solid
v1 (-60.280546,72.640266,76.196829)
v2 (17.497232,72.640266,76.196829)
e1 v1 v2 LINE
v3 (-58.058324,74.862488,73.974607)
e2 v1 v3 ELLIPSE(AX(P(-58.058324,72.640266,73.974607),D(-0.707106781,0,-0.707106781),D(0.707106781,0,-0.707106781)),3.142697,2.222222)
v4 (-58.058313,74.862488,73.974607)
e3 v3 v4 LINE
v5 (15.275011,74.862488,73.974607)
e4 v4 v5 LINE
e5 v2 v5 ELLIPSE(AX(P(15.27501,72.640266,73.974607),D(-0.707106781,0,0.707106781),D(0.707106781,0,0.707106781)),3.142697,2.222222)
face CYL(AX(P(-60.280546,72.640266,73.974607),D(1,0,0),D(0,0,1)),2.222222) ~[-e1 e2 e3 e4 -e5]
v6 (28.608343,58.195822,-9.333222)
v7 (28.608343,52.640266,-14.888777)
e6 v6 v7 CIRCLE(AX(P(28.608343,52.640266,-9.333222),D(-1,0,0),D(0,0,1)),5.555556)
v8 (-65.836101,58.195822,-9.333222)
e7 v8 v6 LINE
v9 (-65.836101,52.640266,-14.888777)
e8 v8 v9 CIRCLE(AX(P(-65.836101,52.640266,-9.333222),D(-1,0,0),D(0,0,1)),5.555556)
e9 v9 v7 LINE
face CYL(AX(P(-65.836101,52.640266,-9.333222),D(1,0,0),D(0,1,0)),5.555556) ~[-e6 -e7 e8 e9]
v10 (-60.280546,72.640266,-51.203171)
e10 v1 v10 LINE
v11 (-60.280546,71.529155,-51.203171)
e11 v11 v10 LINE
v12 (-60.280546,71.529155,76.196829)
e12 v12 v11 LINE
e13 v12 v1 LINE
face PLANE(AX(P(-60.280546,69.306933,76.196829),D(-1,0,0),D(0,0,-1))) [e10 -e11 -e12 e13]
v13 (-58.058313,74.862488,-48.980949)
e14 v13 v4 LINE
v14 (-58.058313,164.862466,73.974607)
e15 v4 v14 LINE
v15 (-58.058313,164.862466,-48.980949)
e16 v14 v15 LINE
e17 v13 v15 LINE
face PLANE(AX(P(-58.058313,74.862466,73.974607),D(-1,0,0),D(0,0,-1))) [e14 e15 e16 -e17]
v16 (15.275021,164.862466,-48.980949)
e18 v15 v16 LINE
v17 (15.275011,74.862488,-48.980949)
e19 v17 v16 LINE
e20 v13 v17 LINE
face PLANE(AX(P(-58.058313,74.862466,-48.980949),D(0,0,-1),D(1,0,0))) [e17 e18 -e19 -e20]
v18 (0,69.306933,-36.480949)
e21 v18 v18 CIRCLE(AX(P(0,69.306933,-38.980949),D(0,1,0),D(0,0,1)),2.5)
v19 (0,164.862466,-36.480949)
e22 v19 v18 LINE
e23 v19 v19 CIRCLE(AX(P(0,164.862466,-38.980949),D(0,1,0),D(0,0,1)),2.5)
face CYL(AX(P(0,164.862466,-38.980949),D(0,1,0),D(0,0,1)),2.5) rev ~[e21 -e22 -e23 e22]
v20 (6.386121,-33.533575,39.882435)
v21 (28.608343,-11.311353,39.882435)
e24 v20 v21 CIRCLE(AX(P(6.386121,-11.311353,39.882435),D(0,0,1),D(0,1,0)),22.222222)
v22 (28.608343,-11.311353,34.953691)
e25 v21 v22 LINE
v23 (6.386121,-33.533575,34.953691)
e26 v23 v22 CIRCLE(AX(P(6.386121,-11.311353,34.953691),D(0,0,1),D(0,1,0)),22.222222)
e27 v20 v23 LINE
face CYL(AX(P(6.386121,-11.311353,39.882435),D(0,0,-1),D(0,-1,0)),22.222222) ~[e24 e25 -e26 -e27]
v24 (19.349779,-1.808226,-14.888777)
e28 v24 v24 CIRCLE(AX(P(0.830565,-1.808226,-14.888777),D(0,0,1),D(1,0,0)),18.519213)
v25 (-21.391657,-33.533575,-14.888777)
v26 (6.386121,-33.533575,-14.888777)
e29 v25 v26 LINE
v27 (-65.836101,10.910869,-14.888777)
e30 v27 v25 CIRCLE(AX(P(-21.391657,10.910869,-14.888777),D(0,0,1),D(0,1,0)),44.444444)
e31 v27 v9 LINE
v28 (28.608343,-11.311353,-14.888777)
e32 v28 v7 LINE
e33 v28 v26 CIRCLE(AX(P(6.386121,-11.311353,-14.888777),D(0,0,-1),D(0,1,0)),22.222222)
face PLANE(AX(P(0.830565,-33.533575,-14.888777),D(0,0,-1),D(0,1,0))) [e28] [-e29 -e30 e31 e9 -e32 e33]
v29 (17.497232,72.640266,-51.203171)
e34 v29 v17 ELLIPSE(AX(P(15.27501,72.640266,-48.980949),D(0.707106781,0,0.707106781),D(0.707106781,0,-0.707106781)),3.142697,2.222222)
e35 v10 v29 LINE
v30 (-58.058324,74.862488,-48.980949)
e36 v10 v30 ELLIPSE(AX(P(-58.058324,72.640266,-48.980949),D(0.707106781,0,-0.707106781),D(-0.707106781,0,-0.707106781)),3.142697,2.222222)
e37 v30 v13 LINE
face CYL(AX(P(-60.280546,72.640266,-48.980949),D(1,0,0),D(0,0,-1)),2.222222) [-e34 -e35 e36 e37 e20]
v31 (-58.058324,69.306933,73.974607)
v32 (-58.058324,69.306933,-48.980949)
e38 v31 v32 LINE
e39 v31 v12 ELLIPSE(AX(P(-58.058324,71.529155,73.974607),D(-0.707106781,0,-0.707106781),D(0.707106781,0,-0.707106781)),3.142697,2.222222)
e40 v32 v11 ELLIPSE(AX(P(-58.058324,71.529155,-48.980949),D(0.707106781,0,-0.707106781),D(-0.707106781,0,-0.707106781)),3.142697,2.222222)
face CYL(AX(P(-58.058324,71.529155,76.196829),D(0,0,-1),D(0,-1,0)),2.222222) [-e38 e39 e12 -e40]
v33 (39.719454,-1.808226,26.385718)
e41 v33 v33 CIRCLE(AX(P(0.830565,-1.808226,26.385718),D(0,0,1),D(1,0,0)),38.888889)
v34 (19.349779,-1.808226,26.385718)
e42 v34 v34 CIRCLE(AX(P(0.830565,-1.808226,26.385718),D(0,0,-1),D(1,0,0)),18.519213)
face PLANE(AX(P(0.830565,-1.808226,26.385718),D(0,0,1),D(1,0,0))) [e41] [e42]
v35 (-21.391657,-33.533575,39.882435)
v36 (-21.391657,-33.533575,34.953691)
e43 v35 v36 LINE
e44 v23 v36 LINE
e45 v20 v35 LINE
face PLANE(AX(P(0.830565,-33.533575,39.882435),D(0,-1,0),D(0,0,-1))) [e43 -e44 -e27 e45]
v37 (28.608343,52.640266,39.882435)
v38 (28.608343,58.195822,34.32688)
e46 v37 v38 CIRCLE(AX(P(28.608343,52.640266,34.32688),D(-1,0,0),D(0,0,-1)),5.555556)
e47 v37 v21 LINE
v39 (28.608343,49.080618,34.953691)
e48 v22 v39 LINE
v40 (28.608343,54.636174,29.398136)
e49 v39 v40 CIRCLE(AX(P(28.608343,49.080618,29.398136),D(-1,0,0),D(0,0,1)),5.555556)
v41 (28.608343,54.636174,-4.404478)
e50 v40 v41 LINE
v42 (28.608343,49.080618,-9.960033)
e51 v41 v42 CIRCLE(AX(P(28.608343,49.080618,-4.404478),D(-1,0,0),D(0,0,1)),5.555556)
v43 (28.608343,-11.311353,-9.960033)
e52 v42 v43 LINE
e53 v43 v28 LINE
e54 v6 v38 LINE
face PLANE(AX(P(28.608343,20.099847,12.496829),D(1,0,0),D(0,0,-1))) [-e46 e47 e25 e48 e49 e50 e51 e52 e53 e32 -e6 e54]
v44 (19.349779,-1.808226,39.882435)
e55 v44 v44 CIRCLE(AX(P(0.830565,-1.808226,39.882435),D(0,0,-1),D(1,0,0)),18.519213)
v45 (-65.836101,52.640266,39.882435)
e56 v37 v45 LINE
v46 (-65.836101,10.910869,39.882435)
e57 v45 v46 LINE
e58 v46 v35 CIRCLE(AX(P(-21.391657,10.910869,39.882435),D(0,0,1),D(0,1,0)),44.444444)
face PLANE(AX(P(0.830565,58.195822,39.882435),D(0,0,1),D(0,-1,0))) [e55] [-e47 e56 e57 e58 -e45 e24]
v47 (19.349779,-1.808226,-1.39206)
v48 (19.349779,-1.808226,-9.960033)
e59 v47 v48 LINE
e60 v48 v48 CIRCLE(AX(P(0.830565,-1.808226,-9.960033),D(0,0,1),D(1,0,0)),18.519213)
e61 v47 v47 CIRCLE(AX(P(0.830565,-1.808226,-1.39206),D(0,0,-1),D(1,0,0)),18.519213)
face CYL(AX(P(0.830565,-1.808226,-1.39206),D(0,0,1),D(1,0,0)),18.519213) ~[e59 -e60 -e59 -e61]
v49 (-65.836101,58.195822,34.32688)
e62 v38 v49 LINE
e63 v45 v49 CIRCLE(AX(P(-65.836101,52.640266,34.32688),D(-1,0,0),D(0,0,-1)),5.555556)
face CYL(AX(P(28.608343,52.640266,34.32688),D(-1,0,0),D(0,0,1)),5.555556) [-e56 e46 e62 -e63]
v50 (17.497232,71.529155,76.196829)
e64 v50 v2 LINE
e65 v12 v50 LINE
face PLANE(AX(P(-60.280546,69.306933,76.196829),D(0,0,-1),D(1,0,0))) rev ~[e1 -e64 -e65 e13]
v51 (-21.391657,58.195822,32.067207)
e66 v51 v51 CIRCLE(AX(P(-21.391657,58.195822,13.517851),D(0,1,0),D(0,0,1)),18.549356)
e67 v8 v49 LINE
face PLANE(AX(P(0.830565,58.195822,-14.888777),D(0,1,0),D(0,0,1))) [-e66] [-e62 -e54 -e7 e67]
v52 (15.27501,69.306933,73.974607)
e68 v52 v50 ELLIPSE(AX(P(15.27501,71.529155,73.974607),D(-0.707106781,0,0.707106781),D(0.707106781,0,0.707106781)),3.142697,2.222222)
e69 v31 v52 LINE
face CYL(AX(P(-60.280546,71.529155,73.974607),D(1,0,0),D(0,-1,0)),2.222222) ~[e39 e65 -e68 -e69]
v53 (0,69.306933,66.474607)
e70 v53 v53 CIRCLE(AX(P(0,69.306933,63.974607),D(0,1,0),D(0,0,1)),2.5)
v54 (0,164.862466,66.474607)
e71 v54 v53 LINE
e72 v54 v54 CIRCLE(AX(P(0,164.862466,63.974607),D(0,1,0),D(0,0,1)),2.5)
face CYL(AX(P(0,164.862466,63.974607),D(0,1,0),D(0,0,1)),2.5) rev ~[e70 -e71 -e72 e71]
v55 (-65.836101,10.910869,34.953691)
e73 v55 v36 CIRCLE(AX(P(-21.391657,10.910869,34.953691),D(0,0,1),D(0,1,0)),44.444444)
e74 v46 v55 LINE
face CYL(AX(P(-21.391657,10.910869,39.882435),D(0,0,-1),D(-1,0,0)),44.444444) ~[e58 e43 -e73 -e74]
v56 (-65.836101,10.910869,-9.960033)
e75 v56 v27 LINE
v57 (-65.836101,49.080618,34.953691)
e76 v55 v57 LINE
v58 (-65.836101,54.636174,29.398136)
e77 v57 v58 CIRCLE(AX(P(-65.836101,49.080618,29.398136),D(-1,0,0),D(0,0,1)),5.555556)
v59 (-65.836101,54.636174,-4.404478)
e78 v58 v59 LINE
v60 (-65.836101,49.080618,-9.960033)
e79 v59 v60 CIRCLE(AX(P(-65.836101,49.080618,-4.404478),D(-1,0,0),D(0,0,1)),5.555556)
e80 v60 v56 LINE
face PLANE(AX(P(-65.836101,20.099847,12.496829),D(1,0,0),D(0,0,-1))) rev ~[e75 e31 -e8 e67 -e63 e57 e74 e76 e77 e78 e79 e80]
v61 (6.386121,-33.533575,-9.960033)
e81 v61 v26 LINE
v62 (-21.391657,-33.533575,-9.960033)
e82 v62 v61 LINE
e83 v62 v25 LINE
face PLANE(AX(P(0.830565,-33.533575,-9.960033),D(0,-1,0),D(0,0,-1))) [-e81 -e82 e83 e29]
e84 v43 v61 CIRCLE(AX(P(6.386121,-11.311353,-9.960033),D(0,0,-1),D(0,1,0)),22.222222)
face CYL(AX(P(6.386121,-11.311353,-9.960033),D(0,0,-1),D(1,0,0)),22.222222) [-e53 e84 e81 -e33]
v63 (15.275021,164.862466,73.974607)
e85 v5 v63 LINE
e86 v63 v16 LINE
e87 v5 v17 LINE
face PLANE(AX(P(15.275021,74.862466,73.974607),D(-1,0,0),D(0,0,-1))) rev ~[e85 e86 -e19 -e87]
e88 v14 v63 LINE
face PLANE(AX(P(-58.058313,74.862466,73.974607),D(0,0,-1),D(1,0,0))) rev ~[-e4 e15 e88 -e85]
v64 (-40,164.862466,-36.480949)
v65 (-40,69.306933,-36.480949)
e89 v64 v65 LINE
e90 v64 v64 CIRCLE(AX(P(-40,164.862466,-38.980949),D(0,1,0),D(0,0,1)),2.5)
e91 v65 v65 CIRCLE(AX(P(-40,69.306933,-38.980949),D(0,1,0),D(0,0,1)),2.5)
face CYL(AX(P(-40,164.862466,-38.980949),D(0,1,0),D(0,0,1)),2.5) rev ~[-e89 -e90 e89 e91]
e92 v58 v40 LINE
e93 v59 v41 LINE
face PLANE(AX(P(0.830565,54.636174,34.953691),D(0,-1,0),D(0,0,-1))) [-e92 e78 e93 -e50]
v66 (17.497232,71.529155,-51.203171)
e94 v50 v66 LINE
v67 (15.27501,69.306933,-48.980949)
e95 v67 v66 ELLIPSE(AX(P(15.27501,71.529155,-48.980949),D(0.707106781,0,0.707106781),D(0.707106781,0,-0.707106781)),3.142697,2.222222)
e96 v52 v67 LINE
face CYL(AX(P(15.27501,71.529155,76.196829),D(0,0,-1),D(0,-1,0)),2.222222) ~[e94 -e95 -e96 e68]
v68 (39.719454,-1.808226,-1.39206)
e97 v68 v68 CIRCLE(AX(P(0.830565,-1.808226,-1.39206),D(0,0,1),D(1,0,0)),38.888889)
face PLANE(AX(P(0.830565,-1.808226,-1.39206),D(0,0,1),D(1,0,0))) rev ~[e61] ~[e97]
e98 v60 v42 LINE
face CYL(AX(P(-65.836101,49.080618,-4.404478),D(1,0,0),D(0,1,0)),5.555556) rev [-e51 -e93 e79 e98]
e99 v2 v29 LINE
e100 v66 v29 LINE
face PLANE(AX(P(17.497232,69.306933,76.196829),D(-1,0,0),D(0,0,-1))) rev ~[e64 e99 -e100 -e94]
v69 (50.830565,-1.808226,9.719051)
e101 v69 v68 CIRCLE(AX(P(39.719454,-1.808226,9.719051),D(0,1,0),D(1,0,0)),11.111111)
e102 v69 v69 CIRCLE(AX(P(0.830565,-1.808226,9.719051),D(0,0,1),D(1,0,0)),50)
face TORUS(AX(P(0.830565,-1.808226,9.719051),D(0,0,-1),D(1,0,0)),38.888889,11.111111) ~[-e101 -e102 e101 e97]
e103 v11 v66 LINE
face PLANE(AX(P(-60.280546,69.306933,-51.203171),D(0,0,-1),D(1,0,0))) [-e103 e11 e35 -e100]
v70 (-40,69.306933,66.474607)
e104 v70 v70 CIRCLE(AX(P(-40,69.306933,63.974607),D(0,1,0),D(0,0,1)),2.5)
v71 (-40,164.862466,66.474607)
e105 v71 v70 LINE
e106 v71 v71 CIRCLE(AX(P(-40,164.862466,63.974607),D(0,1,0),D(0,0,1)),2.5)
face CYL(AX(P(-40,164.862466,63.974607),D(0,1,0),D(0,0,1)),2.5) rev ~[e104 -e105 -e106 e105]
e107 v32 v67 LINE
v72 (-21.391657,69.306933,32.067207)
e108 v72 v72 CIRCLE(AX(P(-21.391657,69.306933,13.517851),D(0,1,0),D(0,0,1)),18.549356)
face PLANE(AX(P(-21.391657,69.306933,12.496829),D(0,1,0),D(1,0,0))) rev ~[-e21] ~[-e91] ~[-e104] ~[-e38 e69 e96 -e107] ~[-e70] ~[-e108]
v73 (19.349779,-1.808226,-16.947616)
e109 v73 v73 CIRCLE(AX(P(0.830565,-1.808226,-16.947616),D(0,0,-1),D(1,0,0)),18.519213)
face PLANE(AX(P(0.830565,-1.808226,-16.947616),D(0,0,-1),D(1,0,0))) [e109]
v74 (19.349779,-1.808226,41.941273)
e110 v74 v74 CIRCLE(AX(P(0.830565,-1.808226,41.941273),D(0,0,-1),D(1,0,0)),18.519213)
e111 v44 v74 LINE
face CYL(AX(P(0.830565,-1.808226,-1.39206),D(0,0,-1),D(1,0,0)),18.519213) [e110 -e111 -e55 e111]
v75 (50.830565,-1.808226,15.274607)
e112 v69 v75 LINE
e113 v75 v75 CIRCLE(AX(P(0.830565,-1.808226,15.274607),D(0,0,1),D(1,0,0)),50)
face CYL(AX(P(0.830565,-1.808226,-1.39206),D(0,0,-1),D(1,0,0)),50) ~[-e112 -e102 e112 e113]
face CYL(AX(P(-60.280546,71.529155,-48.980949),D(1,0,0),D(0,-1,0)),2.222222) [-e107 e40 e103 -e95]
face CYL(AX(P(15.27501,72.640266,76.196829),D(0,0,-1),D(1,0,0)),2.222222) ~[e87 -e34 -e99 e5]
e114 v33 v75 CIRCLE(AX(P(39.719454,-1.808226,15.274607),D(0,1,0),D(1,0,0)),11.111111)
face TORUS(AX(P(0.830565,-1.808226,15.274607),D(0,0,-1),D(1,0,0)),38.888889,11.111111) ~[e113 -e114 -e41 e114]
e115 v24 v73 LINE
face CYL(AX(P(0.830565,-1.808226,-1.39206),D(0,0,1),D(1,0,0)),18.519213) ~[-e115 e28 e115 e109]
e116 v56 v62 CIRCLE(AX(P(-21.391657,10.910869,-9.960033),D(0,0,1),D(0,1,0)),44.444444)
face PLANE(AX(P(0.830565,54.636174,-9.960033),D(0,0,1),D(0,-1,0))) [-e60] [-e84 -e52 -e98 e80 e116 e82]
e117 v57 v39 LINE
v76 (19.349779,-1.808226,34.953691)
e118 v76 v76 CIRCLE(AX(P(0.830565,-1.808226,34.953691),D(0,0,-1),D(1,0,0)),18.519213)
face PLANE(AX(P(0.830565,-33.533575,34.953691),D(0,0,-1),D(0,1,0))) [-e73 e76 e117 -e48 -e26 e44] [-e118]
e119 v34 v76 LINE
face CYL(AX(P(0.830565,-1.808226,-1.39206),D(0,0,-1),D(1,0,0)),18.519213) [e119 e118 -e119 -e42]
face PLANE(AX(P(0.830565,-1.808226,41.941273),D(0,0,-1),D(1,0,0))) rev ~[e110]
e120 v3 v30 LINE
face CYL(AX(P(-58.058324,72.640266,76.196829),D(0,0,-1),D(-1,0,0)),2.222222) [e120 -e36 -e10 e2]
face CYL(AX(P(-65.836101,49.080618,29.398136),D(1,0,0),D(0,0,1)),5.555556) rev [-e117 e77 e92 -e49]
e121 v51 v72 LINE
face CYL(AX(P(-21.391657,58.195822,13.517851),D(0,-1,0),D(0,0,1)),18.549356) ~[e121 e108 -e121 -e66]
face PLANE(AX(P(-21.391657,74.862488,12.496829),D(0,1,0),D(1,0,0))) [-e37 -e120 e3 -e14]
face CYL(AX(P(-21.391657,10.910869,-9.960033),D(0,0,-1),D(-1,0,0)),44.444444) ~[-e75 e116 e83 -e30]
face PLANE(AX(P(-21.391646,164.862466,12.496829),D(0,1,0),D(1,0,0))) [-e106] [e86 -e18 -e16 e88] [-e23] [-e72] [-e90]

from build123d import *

# Parameters (mm, degrees)
SKETCH1_R                = 45
BOSS_EXTRUDE1_DEPTH      = 25
BOSS_EXTRUDE2_DEPTH      = 25
BOSS_EXTRUDE2_DEPTH_BACK = 60
SKETCH3_R                = 16.694420179
BOSS_EXTRUDE3_DEPTH      = 10
SKETCH4_W                = 70
SKETCH4_H                = 114.66
BOSS_EXTRUDE4_DEPTH      = 5
SKETCH5_R                = 16.667292011
BOSS_EXTRUDE5_DEPTH      = 14
BOSS_EXTRUDE5_DEPTH_BACK = 39
FILLET1_R                = 10
FILLET2_R                = 40
FILLET3_R                = 20
FILLET4_R                = 5
FILLET5_R                = 2
SCALE1_SCALE             = 1.111111111
SKETCH6_W                = 73.333333333
SKETCH6_H                = 122.955555555
BOSS_EXTRUDE6_DEPTH      = 90
SKETCH7_R                = 2.5
CUT_EXTRUDE1_DEPTH       = 239.92789275
CUT_EXTRUDE1_DEPTH_BACK  = 239.92789275


with BuildPart() as part:
    # Sketch1 → Boss-Extrude1 (new body)
    with BuildSketch(Plane.XY):
        Circle(SKETCH1_R)
    extrude(amount=BOSS_EXTRUDE1_DEPTH)



with BuildPart() as body_2:
    # Sketch2 → Boss-Extrude2 (new, two sides)
    with BuildSketch(Plane(origin=(0, 0, 0), x_dir=(0, 0, -1), z_dir=(1, 0, 0))) as boss_extrude2_sk:
        Polygon((-32.711176171, -28.552814356), (-32.711176171, 50.79995961), (7.711176171, 50.79995961), (7.711176171, -28.552814356), (12.147045523, -28.552814356), (12.147045523, 54.003643031), (-37.147045523, 54.003643031), (-37.147045523, -28.552814356), align=None)
    extrude(amount=BOSS_EXTRUDE2_DEPTH)
    extrude(boss_extrude2_sk.sketch, amount=-BOSS_EXTRUDE2_DEPTH_BACK)

    # Sketch3 → Boss-Extrude3 (add)
    with BuildSketch(Plane(origin=(0, 54.003643031, 0), x_dir=(1, 0, 0), z_dir=(0, 1, 0))):
        with Locations(Location((-20, -13.418920015, 0), (0, 0, 270))):
            Circle(SKETCH3_R)
    extrude(amount=BOSS_EXTRUDE3_DEPTH)

    # Sketch4 → Boss-Extrude4 (add)
    with BuildSketch(Plane(origin=(0, 64.003643031, 0), x_dir=(1, 0, 0), z_dir=(0, 1, 0))):
        with Locations((-20, -12.5)):
            Rectangle(SKETCH4_W, SKETCH4_H)
    extrude(amount=BOSS_EXTRUDE4_DEPTH)


with BuildPart() as part_1:
    add(part.part)

    add(body_2.part)  # Boss-Extrude5 merges body 2
    # Sketch5 → Boss-Extrude5 (add, two sides)
    with BuildSketch(Plane(origin=(0, 0, 0), x_dir=(-1, 0, 0), z_dir=(0, 0, -1))) as boss_extrude5_sk:
        with Locations(Location((0, 0, 0), (0, 0, 180))):
            Circle(SKETCH5_R)
    extrude(amount=BOSS_EXTRUDE5_DEPTH)
    extrude(boss_extrude5_sk.sketch, amount=-BOSS_EXTRUDE5_DEPTH_BACK)

    # Fillet1
    fillet1_edges = [part_1.edges().sort_by_distance(p)[0] for p in [
        (-45, 0, 0),
        (-45, 0, 25),
    ]]
    fillet(fillet1_edges, radius=FILLET1_R)

    # Fillet2
    fillet2_edges = [part_1.edges().sort_by_distance(p)[0] for p in [
        (-60, -28.552814356, 34.929110847),
        (-60, -28.552814356, -9.929110847),
    ]]
    fillet(fillet2_edges, radius=FILLET2_R)

    # Fillet3
    fillet3_edges = [part_1.edges().sort_by_distance(p)[0] for p in [
        (25, -28.552814356, 34.929110847),
        (25, -28.552814356, -9.929110847),
    ]]
    fillet(fillet3_edges, radius=FILLET3_R)

    # Fillet4
    fillet4_edges = [part_1.edges().sort_by_distance(p)[0] for p in [
        (-17.5, 54.003643031, 37.147045523),
        (-17.5, 54.003643031, -12.147045523),
        (-17.5, 50.79995961, -7.711176171),
        (-17.5, 50.79995961, 32.711176171),
    ]]
    fillet(fillet4_edges, radius=FILLET4_R)

    # Fillet5
    fillet5_edges = [part_1.edges().sort_by_distance(p)[0] for p in [
        (-55, 64.003643031, 12.5),
        (-20, 64.003643031, 69.83),
        (15, 64.003643031, 12.5),
        (-20, 64.003643031, -44.83),
        (-55, 69.003643031, 12.5),
        (-20, 69.003643031, 69.83),
        (15, 69.003643031, 12.5),
        (-20, 69.003643031, -44.83),
    ]]
    fillet(fillet5_edges, radius=FILLET5_R)


with BuildPart() as part_2:
    # Scale1: scaled about (-7.475087619, 16.274033837, 12.528539565)
    add(part_1.part.scale(SCALE1_SCALE).moved(Location((0.830565291, -1.808225982, -1.392059952))))


with BuildPart() as boss_extrude6_tool:
    # Sketch6 → Boss-Extrude6 (new body)
    with BuildSketch(Plane(origin=(0, 74.862466329, 0), x_dir=(1, 0, 0), z_dir=(0, 1, 0))):
        with Locations((-21.391645996, -12.49682915)):
            Rectangle(SKETCH6_W, SKETCH6_H)
    extrude(amount=BOSS_EXTRUDE6_DEPTH)


with BuildPart() as part_3:
    add(part_2.part)


with BuildPart() as part_4:
    # Boss-Extrude6: joined with boss_extrude6_tool
    add(part_3.part.fuse(boss_extrude6_tool.part, tol=0.00001))

    # Sketch7 → Cut-Extrude1 (cut, two sides)
    with BuildSketch(Plane(origin=(0, 164.862466329, 0), x_dir=(1, 0, 0), z_dir=(0, 1, 0))) as cut_extrude1_sk:
        with Locations(Location((0, 38.980948628, 0), (0, 0, 270))):
            Circle(SKETCH7_R)
        with Locations(Location((-40, 38.980948628, 0), (0, 0, 270))):
            Circle(SKETCH7_R)
        with Locations(Location((0, -63.974606927, 0), (0, 0, 270))):
            Circle(SKETCH7_R)
        with Locations(Location((-40, -63.974606927, 0), (0, 0, 270))):
            Circle(SKETCH7_R)
    extrude(amount=CUT_EXTRUDE1_DEPTH, mode=Mode.SUBTRACT)
    extrude(cut_extrude1_sk.sketch, amount=-CUT_EXTRUDE1_DEPTH_BACK, mode=Mode.SUBTRACT)


solid = part_4.part
